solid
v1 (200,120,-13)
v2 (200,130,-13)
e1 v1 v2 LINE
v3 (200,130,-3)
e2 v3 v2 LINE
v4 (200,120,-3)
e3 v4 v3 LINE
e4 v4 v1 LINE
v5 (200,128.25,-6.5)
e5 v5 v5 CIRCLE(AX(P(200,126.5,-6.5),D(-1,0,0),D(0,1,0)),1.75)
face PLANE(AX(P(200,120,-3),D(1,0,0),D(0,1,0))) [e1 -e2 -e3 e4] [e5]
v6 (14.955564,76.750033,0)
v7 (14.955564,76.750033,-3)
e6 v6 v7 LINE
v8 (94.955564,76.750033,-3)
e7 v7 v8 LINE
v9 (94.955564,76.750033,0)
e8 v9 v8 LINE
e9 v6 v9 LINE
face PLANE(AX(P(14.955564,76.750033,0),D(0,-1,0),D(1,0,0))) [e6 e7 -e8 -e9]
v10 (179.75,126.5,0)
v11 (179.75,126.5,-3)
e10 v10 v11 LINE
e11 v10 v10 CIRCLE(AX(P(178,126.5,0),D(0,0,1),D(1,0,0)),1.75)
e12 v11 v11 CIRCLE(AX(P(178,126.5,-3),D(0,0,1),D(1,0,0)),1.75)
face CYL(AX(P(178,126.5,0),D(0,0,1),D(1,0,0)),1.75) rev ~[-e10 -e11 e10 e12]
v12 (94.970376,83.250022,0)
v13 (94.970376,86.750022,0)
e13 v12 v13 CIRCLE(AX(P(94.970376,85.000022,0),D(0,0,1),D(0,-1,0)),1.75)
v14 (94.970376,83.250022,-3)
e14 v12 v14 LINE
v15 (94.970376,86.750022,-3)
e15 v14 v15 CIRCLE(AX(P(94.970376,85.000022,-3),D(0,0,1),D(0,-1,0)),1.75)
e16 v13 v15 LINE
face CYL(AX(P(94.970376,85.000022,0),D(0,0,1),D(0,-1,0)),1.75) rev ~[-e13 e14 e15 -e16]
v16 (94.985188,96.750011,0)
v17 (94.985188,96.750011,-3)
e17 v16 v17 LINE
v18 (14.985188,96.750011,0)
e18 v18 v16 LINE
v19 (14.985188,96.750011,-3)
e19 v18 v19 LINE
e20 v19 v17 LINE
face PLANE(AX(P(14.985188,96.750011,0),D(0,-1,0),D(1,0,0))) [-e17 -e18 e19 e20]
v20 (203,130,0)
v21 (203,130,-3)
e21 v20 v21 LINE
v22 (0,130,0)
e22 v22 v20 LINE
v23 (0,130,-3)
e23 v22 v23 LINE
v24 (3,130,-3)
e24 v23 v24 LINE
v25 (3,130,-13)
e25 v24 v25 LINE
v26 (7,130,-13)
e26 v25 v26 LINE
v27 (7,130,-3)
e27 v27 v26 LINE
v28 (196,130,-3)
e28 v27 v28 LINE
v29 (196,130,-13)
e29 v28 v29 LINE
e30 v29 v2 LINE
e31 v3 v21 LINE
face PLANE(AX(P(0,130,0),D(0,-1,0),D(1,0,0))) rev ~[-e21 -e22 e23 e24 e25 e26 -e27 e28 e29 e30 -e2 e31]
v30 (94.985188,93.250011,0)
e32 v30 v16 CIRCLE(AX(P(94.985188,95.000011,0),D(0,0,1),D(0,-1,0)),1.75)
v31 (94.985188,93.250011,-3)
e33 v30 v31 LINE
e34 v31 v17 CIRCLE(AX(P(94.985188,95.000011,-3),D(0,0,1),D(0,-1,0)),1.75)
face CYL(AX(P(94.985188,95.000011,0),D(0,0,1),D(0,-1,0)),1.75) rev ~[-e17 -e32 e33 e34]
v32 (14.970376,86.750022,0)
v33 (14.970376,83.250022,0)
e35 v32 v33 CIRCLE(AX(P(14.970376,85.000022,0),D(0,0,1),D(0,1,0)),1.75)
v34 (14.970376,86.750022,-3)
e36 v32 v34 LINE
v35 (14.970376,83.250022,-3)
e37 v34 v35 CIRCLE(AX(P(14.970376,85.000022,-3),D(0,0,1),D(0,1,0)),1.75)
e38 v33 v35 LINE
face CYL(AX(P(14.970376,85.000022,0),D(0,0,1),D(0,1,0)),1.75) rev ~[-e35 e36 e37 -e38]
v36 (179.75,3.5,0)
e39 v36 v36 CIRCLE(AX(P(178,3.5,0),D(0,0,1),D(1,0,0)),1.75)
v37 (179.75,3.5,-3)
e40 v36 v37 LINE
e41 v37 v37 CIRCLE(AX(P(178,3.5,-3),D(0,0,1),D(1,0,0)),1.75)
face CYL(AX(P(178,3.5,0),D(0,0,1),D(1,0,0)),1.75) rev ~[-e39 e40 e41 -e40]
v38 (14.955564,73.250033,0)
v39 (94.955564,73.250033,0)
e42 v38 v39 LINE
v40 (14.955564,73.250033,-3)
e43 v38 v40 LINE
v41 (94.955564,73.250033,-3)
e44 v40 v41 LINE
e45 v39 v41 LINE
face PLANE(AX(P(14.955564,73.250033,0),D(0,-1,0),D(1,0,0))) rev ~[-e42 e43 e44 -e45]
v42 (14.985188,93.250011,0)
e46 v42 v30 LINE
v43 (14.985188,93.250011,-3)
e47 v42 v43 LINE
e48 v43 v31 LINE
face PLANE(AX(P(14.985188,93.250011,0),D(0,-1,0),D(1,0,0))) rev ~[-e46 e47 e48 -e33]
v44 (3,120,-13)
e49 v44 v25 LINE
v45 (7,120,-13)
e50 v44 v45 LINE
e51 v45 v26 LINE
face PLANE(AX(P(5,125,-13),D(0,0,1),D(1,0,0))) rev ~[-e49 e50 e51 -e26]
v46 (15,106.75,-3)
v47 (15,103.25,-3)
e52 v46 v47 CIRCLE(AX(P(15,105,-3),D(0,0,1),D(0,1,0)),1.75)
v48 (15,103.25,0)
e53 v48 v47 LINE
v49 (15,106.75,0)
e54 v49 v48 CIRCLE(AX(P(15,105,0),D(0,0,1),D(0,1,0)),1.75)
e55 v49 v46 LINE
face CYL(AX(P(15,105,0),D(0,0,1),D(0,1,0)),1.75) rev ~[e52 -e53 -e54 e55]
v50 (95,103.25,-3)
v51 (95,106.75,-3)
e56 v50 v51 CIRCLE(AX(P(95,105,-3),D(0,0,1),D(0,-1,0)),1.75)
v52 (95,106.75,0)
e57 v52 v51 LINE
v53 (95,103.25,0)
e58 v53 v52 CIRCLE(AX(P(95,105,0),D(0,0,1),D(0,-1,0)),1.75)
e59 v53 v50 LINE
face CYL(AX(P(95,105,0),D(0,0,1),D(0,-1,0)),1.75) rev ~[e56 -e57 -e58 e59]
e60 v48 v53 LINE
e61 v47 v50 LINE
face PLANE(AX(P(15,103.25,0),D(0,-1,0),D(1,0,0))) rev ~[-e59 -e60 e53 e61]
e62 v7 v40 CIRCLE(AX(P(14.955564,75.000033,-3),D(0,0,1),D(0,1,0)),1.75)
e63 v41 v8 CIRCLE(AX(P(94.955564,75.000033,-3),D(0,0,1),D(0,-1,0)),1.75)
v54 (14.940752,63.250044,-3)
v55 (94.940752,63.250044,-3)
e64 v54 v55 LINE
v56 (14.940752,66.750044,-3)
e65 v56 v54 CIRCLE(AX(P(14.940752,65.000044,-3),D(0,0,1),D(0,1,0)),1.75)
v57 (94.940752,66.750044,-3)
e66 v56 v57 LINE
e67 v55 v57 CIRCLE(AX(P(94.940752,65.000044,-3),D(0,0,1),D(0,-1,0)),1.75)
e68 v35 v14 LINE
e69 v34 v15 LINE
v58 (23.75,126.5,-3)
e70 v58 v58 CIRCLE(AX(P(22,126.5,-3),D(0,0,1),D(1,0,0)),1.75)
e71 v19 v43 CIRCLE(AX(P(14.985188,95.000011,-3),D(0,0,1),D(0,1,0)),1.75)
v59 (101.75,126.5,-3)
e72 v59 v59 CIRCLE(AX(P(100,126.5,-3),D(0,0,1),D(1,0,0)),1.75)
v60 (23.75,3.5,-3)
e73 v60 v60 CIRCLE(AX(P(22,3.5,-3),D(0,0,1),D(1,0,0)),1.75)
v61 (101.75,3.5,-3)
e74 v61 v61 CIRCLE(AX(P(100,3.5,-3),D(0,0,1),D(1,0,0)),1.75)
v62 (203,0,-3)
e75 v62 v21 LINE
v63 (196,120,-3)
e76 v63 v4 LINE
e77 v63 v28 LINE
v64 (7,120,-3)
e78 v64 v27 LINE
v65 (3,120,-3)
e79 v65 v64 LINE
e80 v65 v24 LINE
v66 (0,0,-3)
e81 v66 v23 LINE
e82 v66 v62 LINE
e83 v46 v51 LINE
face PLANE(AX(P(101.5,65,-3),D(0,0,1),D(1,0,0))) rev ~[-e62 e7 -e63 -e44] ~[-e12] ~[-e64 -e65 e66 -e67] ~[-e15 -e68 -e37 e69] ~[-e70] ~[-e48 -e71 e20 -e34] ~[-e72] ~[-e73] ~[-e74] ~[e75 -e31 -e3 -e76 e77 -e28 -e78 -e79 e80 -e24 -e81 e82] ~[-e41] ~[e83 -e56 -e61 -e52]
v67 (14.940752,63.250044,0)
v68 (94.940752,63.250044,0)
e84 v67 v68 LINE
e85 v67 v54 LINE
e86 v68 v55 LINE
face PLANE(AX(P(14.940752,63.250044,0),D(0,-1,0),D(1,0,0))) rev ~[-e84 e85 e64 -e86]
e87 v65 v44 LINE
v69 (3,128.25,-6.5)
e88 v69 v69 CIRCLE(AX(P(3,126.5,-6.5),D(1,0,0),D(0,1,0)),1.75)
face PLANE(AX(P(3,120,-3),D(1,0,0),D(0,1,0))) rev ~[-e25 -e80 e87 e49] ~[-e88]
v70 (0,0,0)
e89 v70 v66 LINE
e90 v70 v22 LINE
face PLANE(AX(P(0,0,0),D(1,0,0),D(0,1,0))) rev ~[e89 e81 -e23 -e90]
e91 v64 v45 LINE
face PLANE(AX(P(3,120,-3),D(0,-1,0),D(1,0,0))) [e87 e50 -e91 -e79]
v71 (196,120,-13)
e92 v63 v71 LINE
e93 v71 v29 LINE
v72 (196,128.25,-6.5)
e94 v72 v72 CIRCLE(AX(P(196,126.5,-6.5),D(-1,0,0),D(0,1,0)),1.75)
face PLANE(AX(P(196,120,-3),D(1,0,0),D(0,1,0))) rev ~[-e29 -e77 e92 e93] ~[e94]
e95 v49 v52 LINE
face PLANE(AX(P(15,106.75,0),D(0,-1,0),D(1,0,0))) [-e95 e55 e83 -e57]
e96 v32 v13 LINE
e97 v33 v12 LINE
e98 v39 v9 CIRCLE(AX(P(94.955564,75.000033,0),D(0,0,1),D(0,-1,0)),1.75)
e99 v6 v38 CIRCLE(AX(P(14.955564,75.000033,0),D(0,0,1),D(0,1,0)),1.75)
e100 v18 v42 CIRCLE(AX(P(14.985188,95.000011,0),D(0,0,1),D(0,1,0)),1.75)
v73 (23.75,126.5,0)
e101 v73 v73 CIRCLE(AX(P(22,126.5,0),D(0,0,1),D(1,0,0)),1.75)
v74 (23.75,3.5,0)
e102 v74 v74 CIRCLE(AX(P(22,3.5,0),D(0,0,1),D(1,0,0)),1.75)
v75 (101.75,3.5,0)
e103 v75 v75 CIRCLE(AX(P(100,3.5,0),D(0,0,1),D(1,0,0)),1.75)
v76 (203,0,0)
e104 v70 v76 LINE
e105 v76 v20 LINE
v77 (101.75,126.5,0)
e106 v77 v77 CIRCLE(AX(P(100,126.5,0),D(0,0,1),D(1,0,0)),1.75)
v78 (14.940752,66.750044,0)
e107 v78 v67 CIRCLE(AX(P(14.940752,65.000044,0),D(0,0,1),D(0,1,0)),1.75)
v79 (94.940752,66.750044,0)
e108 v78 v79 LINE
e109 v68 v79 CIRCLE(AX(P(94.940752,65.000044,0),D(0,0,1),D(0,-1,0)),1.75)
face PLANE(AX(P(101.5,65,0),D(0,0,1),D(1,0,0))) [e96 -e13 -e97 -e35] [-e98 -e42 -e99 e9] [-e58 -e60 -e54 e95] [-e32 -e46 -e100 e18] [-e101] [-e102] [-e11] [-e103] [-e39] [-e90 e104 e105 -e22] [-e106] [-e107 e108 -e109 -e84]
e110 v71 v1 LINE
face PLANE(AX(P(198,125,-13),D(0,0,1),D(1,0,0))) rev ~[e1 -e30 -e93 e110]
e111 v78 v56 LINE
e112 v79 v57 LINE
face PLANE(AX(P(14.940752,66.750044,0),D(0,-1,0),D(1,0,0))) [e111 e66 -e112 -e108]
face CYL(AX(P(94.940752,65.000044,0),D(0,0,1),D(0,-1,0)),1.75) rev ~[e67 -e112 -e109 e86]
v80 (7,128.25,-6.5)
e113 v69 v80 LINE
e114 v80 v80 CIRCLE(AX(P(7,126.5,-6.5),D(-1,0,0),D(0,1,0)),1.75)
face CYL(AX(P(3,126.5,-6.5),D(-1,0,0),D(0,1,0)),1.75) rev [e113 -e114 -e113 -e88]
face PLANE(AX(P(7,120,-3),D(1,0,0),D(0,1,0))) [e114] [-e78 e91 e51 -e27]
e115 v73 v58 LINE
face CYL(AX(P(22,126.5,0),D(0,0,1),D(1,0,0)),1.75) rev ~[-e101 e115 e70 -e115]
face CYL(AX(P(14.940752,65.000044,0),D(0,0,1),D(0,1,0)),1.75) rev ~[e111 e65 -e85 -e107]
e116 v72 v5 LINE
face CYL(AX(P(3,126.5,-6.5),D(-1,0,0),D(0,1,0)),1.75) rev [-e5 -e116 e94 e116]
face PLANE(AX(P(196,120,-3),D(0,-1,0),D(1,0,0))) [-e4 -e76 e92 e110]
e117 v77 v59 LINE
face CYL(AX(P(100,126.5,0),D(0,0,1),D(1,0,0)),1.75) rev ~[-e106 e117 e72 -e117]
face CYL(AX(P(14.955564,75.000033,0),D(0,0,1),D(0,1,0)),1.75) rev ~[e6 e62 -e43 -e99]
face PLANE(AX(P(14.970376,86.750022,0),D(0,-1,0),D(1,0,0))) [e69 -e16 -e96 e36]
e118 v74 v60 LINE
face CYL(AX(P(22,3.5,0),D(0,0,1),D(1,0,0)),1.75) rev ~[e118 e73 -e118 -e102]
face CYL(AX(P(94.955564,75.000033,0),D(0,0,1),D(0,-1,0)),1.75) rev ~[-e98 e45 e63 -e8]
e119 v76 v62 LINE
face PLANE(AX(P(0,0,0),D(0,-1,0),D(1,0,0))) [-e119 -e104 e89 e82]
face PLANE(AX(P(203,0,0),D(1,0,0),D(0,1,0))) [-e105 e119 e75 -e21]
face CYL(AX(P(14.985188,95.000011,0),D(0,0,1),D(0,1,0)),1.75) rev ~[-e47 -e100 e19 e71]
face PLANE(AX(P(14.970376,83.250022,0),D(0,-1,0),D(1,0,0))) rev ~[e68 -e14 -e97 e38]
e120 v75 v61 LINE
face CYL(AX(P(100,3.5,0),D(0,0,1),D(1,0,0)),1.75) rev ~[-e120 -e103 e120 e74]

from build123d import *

# Parameters (mm, degrees)
SKETCH_W        = 203
SKETCH_H        = 130
SKETCH_R        = 1.75
PAD_DEPTH       = 3
SKETCH001_W     = 4
SKETCH001_H     = 10
PAD001_DEPTH    = 10
SKETCH002_R     = 1.75
SKETCH002_W     = 95
SKETCH002_H     = 4
POCKET_DEPTH    = 225
SKETCH003_R     = 1.75
POCKET001_DEPTH = 200.001


with BuildPart() as part:
    # Sketch → Pad (new body)
    with BuildSketch(Plane.XY):
        with Locations((101.5, 65)):
            Rectangle(SKETCH_W, SKETCH_H)
        with Locations((22, 126.5)):
            Circle(SKETCH_R, mode=Mode.SUBTRACT)
        with Locations((100, 126.5)):
            Circle(SKETCH_R, mode=Mode.SUBTRACT)
        with Locations((178, 126.5)):
            Circle(SKETCH_R, mode=Mode.SUBTRACT)
        with Locations((22, 3.5)):
            Circle(SKETCH_R, mode=Mode.SUBTRACT)
        with Locations((100, 3.5)):
            Circle(SKETCH_R, mode=Mode.SUBTRACT)
        with Locations((178, 3.5)):
            Circle(SKETCH_R, mode=Mode.SUBTRACT)
        with BuildLine():
            ThreePointArc((15, 106.75), (13.25, 105), (15, 103.25))
            Line((15, 103.25), (95, 103.25))
            ThreePointArc((95, 103.25), (96.75, 105), (95, 106.75))
            Line((15, 106.75), (95, 106.75))
        make_face(mode=Mode.SUBTRACT)
        with BuildLine():
            ThreePointArc((14.985188, 96.750011), (13.235188, 95.000011), (14.985188, 93.250011))
            Line((14.985188, 93.250011), (94.985188, 93.250011))
            ThreePointArc((94.985188, 93.250011), (96.735188, 95.000011), (94.985188, 96.750011))
            Line((14.985188, 96.750011), (94.985188, 96.750011))
        make_face(mode=Mode.SUBTRACT)
        with BuildLine():
            ThreePointArc((14.970376, 86.750022), (13.220376, 85.000022), (14.970376, 83.250022))
            Line((14.970376, 83.250022), (94.970376, 83.250022))
            ThreePointArc((94.970376, 83.250022), (96.720376, 85.000022), (94.970376, 86.750022))
            Line((14.970376, 86.750022), (94.970376, 86.750022))
        make_face(mode=Mode.SUBTRACT)
        with BuildLine():
            ThreePointArc((14.955564, 76.750033), (13.205564, 75.000033), (14.955564, 73.250033))
            Line((14.955564, 73.250033), (94.955564, 73.250033))
            ThreePointArc((94.955564, 73.250033), (96.705564, 75.000033), (94.955564, 76.750033))
            Line((14.955564, 76.750033), (94.955564, 76.750033))
        make_face(mode=Mode.SUBTRACT)
        with BuildLine():
            ThreePointArc((14.940752, 66.750044), (13.190752, 65.000044), (14.940752, 63.250044))
            Line((14.940752, 63.250044), (94.940752, 63.250044))
            ThreePointArc((94.940752, 63.250044), (96.690752, 65.000044), (94.940752, 66.750044))
            Line((14.940752, 66.750044), (94.940752, 66.750044))
        make_face(mode=Mode.SUBTRACT)
    extrude(amount=-PAD_DEPTH)

    # Sketch001 (on DatumPlane) → Pad001 (join)
    with BuildSketch(Plane.XY.offset(-3)):
        with Locations((198, 125)):
            Rectangle(SKETCH001_W, SKETCH001_H)
        with Locations((5, 125)):
            Rectangle(SKETCH001_W, SKETCH001_H)
    extrude(amount=-PAD001_DEPTH)

    # Sketch002 → Pocket (cut)
    with BuildSketch(Plane.YZ.offset(107)):
        with Locations((-51, 7)):
            Circle(SKETCH002_R)
        with Locations((61, 7)):
            Circle(SKETCH002_R)
        with Locations((7.5, 11)):
            Rectangle(SKETCH002_W, SKETCH002_H)
    extrude(amount=-POCKET_DEPTH, mode=Mode.SUBTRACT)

    # Sketch003 (on DatumPlane) → Pocket001 (cut, through all)
    with BuildSketch(Plane.YZ.offset(3)):
        with Locations((126.5, -6.5)):
            Circle(SKETCH003_R)
    extrude(amount=POCKET001_DEPTH, mode=Mode.SUBTRACT)


solid = part.part
